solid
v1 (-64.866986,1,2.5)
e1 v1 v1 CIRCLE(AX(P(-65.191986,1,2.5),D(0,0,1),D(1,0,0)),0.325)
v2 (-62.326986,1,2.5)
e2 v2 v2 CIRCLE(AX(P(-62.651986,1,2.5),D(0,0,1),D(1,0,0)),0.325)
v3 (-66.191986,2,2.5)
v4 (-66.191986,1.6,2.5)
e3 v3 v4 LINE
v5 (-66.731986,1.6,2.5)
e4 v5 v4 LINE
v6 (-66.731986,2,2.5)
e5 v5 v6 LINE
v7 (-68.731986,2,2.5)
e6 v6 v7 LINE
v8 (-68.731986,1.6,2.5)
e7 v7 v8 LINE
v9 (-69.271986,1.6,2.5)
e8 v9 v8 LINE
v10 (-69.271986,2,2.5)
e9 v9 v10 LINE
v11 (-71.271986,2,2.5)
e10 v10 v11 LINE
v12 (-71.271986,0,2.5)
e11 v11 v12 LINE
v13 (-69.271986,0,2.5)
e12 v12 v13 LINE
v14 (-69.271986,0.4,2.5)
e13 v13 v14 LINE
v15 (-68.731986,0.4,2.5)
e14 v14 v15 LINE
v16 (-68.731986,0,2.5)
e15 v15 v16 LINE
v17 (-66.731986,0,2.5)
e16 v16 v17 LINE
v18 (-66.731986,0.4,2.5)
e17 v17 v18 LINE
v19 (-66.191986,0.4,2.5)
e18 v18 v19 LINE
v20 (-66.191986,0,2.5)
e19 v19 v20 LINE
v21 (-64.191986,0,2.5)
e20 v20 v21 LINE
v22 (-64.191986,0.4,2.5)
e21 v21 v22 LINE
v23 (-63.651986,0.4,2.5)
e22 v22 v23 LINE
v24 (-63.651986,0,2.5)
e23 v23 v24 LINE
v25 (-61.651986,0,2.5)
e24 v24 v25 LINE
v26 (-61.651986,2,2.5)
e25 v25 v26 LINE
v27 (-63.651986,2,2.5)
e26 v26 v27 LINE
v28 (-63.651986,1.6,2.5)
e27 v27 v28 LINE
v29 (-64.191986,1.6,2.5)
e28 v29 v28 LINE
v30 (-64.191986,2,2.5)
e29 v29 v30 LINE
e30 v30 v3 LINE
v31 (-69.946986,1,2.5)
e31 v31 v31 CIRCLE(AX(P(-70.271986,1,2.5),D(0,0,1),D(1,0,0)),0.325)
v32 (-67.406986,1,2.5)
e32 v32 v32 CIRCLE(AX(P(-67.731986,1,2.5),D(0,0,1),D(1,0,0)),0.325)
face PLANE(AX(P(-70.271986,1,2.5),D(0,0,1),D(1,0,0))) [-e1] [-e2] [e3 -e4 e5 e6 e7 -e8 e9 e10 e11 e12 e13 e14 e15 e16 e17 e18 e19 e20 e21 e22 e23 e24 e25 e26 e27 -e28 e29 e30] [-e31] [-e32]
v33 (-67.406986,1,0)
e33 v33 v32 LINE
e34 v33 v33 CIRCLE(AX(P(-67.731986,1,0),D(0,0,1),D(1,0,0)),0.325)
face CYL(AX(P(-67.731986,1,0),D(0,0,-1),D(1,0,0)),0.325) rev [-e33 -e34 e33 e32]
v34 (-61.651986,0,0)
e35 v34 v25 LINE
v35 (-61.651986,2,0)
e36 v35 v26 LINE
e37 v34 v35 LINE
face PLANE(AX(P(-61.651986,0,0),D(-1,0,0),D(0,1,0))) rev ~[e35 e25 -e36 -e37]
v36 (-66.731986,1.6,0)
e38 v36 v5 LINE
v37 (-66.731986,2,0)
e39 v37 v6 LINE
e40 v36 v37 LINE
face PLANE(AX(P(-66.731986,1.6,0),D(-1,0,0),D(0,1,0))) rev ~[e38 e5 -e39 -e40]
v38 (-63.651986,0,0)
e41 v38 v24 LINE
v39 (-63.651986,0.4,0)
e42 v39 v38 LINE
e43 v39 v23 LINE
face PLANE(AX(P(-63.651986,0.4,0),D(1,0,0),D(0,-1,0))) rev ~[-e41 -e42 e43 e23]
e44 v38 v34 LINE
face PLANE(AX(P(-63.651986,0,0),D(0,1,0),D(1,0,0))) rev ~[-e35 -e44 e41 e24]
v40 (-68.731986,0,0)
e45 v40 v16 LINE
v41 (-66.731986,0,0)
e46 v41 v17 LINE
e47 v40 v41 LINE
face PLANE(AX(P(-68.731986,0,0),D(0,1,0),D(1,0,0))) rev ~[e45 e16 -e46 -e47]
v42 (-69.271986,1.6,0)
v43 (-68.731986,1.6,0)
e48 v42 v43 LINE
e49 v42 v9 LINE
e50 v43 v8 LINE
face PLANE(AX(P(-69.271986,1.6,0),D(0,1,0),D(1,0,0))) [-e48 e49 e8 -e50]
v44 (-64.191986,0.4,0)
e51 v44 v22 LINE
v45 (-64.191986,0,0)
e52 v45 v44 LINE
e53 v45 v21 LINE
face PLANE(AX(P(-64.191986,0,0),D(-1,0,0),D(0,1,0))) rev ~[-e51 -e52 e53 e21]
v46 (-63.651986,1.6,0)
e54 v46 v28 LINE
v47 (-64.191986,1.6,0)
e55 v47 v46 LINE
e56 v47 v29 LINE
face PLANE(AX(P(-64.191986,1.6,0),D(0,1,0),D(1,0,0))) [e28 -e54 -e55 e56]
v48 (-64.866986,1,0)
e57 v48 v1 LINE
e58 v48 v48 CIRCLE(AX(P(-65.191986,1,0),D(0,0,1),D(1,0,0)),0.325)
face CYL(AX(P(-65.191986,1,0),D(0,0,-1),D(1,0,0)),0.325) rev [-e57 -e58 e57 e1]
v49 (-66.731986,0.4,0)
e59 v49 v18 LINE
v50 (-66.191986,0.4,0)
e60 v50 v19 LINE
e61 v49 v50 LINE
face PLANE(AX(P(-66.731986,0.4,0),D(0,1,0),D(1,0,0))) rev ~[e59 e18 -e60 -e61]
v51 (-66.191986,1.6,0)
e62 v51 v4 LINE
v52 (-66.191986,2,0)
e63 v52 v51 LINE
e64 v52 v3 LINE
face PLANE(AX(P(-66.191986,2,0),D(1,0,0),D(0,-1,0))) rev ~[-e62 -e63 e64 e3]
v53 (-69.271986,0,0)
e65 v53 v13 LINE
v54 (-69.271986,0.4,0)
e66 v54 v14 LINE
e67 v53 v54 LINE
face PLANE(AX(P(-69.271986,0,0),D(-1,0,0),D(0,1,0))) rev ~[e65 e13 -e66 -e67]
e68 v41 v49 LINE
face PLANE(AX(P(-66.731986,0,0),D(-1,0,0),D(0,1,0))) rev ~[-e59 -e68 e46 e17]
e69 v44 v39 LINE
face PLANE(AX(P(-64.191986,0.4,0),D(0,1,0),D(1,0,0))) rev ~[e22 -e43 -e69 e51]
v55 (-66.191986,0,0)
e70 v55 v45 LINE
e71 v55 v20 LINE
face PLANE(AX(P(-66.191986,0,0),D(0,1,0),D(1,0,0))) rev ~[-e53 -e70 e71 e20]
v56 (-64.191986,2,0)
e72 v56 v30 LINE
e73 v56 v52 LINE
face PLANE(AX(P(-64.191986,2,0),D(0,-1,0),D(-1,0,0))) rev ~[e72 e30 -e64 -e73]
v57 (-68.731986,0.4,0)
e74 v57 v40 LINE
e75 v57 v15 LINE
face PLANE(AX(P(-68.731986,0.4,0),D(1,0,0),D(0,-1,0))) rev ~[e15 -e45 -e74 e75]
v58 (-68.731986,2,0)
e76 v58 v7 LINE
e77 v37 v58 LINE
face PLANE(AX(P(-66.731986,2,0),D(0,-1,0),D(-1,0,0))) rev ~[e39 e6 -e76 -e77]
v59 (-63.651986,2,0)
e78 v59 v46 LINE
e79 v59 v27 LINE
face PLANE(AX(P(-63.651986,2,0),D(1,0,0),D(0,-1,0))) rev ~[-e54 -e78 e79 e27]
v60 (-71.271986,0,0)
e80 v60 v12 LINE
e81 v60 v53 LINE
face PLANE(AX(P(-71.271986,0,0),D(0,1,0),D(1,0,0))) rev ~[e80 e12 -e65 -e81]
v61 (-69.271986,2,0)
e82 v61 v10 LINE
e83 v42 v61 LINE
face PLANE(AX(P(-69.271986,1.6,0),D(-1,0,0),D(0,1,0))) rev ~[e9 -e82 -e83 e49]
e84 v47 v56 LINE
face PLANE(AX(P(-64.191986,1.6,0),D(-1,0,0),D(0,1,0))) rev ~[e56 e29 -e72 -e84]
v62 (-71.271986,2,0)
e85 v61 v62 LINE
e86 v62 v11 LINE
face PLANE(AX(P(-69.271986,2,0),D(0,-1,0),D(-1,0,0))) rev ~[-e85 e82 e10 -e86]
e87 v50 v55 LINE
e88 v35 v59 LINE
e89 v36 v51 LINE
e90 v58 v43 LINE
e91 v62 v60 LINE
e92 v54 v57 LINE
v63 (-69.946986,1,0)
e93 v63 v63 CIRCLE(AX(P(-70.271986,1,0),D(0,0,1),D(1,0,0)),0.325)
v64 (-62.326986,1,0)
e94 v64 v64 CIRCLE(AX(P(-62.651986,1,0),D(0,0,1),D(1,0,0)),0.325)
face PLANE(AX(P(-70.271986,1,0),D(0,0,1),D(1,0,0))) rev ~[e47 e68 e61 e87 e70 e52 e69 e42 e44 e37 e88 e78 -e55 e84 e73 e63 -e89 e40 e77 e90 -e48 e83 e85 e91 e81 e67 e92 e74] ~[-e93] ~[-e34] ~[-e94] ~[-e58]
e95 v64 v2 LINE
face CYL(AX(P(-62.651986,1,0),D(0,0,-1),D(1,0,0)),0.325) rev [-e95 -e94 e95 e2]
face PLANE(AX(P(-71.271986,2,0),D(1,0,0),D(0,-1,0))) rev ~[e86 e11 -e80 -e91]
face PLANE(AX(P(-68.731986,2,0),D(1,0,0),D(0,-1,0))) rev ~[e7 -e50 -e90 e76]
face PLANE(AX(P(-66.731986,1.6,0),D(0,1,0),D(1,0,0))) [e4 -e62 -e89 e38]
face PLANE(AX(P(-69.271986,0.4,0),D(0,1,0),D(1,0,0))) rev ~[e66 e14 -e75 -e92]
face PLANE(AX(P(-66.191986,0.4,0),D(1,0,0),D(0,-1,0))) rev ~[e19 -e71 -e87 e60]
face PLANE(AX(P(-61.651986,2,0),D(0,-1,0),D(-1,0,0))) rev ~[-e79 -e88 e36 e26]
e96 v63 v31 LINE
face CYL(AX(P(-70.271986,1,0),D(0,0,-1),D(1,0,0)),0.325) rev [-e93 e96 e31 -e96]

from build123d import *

# Parameters (mm, degrees)
F0_R     = 0.325
F0_W     = 0.54
F0_H     = 1.2
F1_DEPTH = 2.5


with BuildPart() as f1:
    # F0 (on Top) → F1 (new body)
    with BuildSketch(Plane.XY):
        Polygon((-71.271986, 0), (-69.271986, 0), (-69.271986, 0.4), (-69.271986, 1.6), (-69.271986, 2), (-71.271986, 2), align=None)
        with Locations((-70.271986, 1)):
            Circle(F0_R, mode=Mode.SUBTRACT)
        with Locations((-69.001986, 1)):
            Rectangle(F0_W, F0_H)
        Polygon((-68.731986, 1.6), (-68.731986, 0.4), (-68.731986, 0), (-66.731986, 0), (-66.731986, 0.4), (-66.731986, 1.6), (-66.731986, 2), (-68.731986, 2), align=None)
        with Locations((-67.731986, 1)):
            Circle(F0_R, mode=Mode.SUBTRACT)
        with Locations((-66.461986, 1)):
            Rectangle(F0_W, F0_H)
        Polygon((-66.191986, 1.6), (-66.191986, 0.4), (-66.191986, 0), (-64.191986, 0), (-64.191986, 0.4), (-64.191986, 1.6), (-64.191986, 2), (-66.191986, 2), align=None)
        with Locations((-65.191986, 1)):
            Circle(F0_R, mode=Mode.SUBTRACT)
        with Locations((-63.921986, 1)):
            Rectangle(F0_W, F0_H)
        Polygon((-63.651986, 1.6), (-63.651986, 0.4), (-63.651986, 0), (-61.651986, 0), (-61.651986, 0.4), (-61.651986, 1.6), (-61.651986, 2), (-63.651986, 2), align=None)
        with Locations((-62.651986, 1)):
            Circle(F0_R, mode=Mode.SUBTRACT)
    extrude(amount=F1_DEPTH)


solid = f1.part
